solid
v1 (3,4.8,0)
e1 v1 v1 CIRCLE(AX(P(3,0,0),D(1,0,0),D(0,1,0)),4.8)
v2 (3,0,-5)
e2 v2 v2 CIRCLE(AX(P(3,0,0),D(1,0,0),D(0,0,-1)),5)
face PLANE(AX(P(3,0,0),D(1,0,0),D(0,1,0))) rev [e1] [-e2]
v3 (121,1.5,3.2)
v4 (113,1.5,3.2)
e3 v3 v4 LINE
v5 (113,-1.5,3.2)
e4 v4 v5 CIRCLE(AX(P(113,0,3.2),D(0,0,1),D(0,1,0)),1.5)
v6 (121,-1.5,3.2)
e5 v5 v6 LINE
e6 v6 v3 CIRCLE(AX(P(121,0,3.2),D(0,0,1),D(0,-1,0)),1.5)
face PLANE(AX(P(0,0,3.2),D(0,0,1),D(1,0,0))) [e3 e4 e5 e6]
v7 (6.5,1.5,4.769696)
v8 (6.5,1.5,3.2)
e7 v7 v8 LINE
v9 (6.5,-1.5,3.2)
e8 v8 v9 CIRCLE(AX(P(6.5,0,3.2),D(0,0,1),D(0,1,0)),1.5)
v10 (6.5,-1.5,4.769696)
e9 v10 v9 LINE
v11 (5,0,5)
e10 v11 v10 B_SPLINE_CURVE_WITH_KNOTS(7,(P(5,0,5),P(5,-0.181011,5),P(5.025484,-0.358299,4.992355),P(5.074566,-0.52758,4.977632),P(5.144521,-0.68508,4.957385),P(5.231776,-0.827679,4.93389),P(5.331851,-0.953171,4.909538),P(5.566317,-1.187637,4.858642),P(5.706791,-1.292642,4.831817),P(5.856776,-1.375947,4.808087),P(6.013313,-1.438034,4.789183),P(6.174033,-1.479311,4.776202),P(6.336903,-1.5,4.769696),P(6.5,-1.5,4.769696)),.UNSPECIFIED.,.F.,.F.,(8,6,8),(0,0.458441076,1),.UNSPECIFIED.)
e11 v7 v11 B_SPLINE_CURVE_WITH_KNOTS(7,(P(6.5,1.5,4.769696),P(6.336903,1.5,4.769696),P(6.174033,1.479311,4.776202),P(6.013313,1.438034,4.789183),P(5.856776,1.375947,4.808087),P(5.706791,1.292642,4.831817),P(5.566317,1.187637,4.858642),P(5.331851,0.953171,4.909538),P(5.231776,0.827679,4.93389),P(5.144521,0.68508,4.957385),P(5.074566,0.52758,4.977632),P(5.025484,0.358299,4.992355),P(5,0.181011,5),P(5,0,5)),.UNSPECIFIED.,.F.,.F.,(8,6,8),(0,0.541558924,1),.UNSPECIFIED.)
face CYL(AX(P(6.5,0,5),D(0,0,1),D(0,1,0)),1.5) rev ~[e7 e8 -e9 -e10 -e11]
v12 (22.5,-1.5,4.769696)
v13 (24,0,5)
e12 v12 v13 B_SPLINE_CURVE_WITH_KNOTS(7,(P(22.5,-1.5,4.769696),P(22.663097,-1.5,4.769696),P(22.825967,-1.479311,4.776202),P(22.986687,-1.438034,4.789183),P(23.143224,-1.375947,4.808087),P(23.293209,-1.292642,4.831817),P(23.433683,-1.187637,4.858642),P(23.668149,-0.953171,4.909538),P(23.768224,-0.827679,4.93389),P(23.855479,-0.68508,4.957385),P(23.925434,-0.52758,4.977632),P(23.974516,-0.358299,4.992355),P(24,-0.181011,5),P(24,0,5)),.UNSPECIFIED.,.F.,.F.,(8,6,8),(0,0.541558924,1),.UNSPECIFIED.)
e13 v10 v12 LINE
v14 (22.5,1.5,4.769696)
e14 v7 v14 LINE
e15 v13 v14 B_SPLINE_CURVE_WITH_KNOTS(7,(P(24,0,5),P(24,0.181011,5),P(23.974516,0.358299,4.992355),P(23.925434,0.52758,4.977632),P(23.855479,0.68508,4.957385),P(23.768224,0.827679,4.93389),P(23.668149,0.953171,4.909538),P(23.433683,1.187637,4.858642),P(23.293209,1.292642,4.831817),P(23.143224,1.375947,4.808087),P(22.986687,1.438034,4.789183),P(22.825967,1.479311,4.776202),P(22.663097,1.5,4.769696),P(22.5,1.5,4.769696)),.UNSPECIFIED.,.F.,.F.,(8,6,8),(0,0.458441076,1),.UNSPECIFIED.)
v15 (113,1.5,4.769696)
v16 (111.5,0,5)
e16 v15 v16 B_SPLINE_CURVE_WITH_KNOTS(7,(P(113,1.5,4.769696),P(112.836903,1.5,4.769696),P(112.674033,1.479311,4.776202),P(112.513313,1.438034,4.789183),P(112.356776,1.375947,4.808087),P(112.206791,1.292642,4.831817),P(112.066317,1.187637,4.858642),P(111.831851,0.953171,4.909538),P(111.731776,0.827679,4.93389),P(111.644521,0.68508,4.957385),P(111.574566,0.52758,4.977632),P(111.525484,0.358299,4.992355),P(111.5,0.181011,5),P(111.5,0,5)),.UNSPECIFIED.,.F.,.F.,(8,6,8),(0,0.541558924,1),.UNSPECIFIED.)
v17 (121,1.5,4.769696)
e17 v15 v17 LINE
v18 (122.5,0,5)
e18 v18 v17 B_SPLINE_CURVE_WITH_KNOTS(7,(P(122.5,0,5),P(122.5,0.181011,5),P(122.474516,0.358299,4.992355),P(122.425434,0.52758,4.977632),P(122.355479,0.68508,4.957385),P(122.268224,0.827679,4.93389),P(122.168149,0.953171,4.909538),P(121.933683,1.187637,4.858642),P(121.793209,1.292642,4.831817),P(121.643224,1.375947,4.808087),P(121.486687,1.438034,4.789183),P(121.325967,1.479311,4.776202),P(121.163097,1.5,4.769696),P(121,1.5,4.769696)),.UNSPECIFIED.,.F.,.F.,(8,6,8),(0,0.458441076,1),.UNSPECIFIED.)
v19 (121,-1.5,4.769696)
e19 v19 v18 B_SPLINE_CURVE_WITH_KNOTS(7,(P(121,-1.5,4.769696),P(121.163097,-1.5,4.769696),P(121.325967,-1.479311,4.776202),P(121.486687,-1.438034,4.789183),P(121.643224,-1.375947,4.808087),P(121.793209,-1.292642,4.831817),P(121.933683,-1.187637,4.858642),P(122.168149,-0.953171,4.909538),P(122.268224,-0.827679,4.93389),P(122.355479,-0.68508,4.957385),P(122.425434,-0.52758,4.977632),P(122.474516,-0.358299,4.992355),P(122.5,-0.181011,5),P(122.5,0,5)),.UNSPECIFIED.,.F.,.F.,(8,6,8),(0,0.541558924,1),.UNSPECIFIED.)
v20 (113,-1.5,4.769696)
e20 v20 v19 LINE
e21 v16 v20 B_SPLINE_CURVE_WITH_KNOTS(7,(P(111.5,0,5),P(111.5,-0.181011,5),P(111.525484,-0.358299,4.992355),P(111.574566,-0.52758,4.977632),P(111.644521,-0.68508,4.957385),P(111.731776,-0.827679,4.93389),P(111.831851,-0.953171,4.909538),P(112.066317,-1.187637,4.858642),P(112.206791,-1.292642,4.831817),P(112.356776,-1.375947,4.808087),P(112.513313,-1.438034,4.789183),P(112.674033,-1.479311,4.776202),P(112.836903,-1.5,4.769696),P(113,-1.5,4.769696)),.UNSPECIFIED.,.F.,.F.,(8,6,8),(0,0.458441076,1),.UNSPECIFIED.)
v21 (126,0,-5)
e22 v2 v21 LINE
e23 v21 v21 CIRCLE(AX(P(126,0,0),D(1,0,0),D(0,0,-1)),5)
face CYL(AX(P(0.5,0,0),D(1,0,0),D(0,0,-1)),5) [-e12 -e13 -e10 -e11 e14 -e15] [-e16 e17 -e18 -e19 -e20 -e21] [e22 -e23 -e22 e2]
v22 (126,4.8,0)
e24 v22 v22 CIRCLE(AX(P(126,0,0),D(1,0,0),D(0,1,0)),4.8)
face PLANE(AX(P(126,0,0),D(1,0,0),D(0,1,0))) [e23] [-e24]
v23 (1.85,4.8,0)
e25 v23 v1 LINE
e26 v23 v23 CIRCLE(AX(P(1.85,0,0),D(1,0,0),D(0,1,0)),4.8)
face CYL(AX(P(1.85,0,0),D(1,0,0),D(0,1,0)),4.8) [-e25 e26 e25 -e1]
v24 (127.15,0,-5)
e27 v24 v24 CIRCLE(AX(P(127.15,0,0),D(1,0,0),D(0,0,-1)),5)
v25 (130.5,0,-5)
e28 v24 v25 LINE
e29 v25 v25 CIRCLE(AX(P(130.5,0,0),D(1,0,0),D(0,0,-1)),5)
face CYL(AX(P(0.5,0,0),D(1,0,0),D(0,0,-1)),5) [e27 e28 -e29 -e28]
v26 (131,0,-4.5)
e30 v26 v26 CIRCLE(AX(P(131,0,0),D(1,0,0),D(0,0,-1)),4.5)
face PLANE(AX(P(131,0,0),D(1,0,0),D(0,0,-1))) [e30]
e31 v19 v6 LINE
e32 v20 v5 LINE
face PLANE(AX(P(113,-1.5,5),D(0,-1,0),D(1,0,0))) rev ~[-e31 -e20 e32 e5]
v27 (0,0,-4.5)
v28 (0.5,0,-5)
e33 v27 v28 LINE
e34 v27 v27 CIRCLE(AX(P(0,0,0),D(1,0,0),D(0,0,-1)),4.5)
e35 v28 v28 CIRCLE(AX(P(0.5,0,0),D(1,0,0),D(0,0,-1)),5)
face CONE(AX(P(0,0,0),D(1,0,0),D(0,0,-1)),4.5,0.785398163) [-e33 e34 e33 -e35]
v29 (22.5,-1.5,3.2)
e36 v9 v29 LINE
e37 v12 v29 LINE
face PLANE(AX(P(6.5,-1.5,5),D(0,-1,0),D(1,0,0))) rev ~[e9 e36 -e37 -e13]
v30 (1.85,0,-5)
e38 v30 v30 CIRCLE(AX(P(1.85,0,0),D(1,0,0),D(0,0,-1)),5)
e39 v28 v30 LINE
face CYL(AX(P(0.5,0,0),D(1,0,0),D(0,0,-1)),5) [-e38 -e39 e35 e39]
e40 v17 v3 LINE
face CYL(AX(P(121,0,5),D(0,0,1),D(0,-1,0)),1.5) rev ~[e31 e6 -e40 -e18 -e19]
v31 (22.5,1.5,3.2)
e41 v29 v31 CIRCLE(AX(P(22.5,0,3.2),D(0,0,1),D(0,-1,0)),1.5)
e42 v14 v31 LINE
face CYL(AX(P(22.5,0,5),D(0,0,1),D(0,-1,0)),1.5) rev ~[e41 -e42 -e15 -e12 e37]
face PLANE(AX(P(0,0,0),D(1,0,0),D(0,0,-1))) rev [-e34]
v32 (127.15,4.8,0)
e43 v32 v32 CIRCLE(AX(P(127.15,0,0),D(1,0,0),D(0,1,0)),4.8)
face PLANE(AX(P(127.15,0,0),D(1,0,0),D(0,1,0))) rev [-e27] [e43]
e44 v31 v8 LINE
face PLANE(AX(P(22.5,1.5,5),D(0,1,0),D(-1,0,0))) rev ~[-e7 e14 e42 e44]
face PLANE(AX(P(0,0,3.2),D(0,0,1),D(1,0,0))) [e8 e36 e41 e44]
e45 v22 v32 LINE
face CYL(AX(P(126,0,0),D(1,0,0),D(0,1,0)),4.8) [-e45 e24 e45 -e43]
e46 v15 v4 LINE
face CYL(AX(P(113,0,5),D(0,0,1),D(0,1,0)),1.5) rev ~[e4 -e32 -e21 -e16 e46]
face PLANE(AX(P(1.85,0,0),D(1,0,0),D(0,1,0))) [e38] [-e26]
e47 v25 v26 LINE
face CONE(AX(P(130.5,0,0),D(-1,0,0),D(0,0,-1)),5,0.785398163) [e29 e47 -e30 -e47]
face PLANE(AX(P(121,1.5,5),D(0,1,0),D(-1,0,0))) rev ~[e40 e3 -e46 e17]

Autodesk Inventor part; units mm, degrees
sketch "Sketch_1" plane through (0, 0, 0) normal (0, 1, 0) x (-1, 0, 0)
  line L0 (-131, 0) -> (0, 0)
  line L1 (0, 0) -> (0, -4.5)
  line L2 (0, -4.5) -> (-0.5, -5)
  line L3 (-0.5, -5) -> (-130.5, -5)
  line L4 (-130.5, -5) -> (-131, -4.5)
  line L5 (-131, -4.5) -> (-131, 0)
  line L6 (-131, 0) -> (0, 0)
revolve "Revolution1" add sketch "Sketch_1" angle 360 about axis through (131, 0, 0) along (1, 0, 0)
sketch "Sketch_27" plane through (0, 0, 0) normal (0, 0, 1) x (1, 0, 0)
  line L0 (131, 0) -> (-131, 0)
  line L1 (1.85, 9.6) -> (1.85, 4.8)
  line L2 (1.85, 4.8) -> (3, 4.8)
  line L3 (3, 4.8) -> (3, 9.6)
  line L4 (3, 9.6) -> (1.85, 9.6)
revolve "Revolution2" cut sketch "Sketch_27" angle 360 about axis through (131, 0, 0) along (1, 0, 0)
sketch "Sketch_39" plane through (0, 0, 0) normal (0, 0, 1) x (1, 0, 0)
  line L0 (131, 0) -> (-131, 0)
  line L1 (126, 9.6) -> (126, 4.8)
  line L2 (126, 4.8) -> (127.15, 4.8)
  line L3 (127.15, 4.8) -> (127.15, 9.6)
  line L4 (127.15, 9.6) -> (126, 9.6)
revolve "Revolution3" cut sketch "Sketch_39" angle 360 about axis through (131, 0, 0) along (1, 0, 0)
sketch "_____7" plane through (0, 0, 5) normal (0, 0, 1) x (1, 0, 0)
  arc A0 (6.5, 1.5) -> (6.5, -1.5) centre (6.5, 0) ccw
  line L0 (6.5, -1.5) -> (22.5, -1.5)
  arc A1 (22.5, -1.5) -> (22.5, 1.5) centre (22.5, 0) ccw
  line L1 (22.5, 1.5) -> (6.5, 1.5)
extrude "Extrusion1" cut sketch "_____7" against normal blind 1.8
sketch "_____10" plane through (0, 0, 5) normal (0, 0, 1) x (1, 0, 0)
  arc A0 (113, 1.5) -> (113, -1.5) centre (113, 0) ccw
  line L0 (113, -1.5) -> (121, -1.5)
  arc A1 (121, -1.5) -> (121, 1.5) centre (121, 0) ccw
  line L1 (121, 1.5) -> (113, 1.5)
extrude "Extrusion2" cut sketch "_____10" against normal blind 1.8
ref_plane "to_rring_1_XY" through (2.425, 0, 0) normal (1, 0, 0) x (0, 0, -1)
ref_plane "to_rring_1_YZ" through (2.425, 0, 0) normal (0, 0, -1) x (0, 1, 0)
ref_plane "to_rring_1_ZX" through (2.425, 0, 0) normal (0, 1, 0) x (1, 0, 0)
ref_plane "to_rring_2_XY" through (126.575, 0, 0) normal (1, 0, 0) x (0, 0, -1)
ref_plane "to_rring_2_YZ" through (126.575, 0, 0) normal (0, 0, -1) x (0, 1, 0)
ref_plane "to_rring_2_ZX" through (126.575, 0, 0) normal (0, 1, 0) x (1, 0, 0)
properties part number "NSFMKRRA10-131-F3-S5-KA5-A19-KB111.5-B11_s"
